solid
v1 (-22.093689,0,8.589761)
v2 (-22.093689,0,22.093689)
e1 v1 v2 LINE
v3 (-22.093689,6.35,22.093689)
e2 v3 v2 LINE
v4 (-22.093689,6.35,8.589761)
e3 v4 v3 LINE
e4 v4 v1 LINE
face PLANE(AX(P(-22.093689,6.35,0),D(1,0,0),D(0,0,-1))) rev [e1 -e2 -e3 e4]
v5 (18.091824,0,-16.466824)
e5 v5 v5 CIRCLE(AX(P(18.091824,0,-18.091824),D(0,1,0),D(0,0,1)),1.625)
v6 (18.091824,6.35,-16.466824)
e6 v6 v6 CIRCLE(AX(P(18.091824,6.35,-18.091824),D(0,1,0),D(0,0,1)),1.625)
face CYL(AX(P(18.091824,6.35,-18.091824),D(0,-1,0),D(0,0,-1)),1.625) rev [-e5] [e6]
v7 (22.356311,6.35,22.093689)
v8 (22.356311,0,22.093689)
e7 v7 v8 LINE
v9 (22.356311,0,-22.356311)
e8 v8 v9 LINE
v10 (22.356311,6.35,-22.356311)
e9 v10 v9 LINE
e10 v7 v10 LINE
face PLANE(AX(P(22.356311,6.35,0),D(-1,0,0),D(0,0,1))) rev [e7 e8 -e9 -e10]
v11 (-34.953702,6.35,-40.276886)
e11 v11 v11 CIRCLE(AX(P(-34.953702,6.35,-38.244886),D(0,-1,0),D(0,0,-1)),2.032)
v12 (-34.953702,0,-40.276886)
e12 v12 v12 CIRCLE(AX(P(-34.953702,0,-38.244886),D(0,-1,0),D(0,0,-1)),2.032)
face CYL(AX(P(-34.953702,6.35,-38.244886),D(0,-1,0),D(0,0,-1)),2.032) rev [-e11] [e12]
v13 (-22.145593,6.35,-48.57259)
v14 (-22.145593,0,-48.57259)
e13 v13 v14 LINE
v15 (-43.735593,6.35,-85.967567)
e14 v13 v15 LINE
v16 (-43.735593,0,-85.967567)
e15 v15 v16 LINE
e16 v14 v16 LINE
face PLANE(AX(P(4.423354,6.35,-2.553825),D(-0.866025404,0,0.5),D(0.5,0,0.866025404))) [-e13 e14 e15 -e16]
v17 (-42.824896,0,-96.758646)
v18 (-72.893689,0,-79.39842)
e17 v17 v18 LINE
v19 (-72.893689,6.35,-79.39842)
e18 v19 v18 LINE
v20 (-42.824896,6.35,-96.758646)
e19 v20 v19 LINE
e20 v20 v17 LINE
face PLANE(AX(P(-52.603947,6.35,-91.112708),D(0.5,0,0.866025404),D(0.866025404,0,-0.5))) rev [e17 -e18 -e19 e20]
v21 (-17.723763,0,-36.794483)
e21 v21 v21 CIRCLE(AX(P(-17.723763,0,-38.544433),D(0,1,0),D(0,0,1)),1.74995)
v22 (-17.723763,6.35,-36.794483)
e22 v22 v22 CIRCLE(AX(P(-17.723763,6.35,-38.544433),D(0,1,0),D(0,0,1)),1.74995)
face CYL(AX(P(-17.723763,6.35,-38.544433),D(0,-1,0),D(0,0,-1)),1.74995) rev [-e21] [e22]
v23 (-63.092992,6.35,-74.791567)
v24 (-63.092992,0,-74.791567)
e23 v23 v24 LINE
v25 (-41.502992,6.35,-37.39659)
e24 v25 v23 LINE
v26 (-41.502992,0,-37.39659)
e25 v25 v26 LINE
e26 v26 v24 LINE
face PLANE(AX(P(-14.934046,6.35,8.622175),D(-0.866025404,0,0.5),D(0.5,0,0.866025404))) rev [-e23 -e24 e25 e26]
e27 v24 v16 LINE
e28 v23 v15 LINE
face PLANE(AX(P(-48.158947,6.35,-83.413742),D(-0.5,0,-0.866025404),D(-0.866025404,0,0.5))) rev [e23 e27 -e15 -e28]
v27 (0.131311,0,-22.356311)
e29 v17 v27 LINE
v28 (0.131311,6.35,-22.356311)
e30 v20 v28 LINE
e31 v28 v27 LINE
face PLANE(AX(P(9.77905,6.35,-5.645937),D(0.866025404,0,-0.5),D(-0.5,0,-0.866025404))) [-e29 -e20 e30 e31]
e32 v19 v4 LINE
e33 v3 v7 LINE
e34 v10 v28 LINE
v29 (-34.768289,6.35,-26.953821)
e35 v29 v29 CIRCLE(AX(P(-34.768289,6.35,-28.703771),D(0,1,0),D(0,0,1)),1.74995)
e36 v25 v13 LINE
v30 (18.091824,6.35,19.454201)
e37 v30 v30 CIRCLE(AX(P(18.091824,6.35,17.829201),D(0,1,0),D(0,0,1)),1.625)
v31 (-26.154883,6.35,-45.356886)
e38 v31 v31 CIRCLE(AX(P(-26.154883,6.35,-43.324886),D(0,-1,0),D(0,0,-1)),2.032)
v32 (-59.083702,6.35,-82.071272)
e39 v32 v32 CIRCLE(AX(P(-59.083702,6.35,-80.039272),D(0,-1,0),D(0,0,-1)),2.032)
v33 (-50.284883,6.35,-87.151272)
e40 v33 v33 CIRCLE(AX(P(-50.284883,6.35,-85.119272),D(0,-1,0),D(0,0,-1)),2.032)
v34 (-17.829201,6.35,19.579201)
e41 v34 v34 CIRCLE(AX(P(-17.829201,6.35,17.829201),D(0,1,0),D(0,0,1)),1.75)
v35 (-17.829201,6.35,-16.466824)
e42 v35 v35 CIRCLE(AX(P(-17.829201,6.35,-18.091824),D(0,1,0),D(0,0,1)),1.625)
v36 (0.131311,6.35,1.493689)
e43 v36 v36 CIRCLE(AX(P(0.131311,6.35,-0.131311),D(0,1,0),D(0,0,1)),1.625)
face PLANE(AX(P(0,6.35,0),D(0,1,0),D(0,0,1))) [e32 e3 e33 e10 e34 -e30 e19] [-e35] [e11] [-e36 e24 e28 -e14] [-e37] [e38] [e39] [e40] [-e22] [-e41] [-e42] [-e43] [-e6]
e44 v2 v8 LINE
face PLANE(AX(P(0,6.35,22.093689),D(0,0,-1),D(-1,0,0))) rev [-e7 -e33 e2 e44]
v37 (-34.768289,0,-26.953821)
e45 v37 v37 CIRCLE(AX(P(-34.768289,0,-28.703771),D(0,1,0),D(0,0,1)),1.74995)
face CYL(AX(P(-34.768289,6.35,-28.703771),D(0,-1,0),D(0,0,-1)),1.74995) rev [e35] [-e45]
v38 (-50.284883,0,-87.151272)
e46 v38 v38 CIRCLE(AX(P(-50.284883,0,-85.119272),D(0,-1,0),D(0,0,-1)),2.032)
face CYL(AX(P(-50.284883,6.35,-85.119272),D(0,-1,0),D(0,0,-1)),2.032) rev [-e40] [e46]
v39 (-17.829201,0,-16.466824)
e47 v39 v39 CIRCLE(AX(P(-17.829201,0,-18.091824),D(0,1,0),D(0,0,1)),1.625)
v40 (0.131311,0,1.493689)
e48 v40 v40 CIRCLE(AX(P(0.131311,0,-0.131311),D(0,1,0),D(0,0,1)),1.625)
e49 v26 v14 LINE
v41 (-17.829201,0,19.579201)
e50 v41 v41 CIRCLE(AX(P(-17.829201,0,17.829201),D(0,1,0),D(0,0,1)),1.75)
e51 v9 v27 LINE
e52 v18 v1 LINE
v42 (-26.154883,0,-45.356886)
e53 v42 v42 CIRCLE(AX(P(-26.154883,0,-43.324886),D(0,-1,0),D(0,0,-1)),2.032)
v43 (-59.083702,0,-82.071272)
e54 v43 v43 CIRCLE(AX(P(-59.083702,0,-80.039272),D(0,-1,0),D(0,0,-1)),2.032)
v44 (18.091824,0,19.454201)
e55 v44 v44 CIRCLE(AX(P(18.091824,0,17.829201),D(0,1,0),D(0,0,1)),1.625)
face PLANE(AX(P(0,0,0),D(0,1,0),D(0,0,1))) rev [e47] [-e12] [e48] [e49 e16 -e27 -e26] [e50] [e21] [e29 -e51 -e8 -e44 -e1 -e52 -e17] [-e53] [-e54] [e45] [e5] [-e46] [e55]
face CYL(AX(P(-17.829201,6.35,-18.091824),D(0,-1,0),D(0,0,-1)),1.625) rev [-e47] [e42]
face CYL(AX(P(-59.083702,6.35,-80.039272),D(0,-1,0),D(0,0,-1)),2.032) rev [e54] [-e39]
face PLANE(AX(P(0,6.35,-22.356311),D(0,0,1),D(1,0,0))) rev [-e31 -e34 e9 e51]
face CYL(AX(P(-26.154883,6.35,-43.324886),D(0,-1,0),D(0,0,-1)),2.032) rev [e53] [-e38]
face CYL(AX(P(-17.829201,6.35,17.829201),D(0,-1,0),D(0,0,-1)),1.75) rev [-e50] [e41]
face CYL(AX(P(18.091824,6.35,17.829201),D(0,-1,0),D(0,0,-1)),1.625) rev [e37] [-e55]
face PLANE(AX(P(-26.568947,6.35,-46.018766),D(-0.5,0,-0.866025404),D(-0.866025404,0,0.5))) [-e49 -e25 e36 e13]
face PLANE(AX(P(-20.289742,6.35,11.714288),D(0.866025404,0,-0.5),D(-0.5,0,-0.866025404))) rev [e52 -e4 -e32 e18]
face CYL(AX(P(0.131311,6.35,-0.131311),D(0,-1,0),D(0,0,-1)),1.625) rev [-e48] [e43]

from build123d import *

# Parameters (mm, degrees)
SKETCH1_R           = 1.75
SKETCH1_R_2         = 1.625
SKETCH1_R_3         = 1.74995
BOSS_EXTRUDE1_DEPTH = 6.35
SKETCH2_R           = 1.74995
CUT_EXTRUDE1_DEPTH  = 122.309718695


with BuildPart() as part:
    # Sketch1 → Boss-Extrude1 (new body)
    with BuildSketch(Plane(origin=(0, 0, 0), x_dir=(1, 0, 0), z_dir=(0, 1, 0))):
        Polygon((22.35631132, -22.09368868), (22.35631132, 22.35631132), (0.13131132, 22.35631132), (-42.824896411, 96.75864561), (-72.89368868, 79.3984203), (-22.09368868, -8.589760725), (-22.09368868, -22.09368868), align=None)
        with Locations(Location((-17.829200922, -17.829200922, 0), (0, 0, 270))):
            Circle(SKETCH1_R, mode=Mode.SUBTRACT)
        with Locations(Location((0.13131132, 0.13131132, 0), (0, 0, 270))):
            Circle(SKETCH1_R_2, mode=Mode.SUBTRACT)
        with Locations(Location((18.091823562, 18.091823562, 0), (0, 0, 270))):
            Circle(SKETCH1_R_2, mode=Mode.SUBTRACT)
        with Locations(Location((18.091823562, -17.829200922, 0), (0, 0, 270))):
            Circle(SKETCH1_R_2, mode=Mode.SUBTRACT)
        with Locations(Location((-17.829200922, 18.091823562, 0), (0, 0, 270))):
            Circle(SKETCH1_R_2, mode=Mode.SUBTRACT)
        with Locations(Location((-17.723762663, 38.544433004, 0), (0, 0, 270))):
            Circle(SKETCH1_R_3, mode=Mode.SUBTRACT)
        with Locations(Location((-34.76828868, 28.70377132, 0), (0, 0, 270))):
            Circle(SKETCH1_R_3, mode=Mode.SUBTRACT)
    extrude(amount=BOSS_EXTRUDE1_DEPTH)

    # Sketch2 → Cut-Extrude1 (cut, through all)
    with BuildSketch(Plane.XZ):
        with BuildLine():
            ThreePointArc((-49.268883494, -83.359508021), (-50.810803794, -83.156510362), (-52.044647115, -84.103271641))
            Line((-52.044647115, -84.103271641), (-50.284883494, -85.119271641))
            Line((-50.284883494, -85.119271641), (-49.268883494, -83.359508021))
        make_face()
        with BuildLine():
            Line((-50.284883494, -85.119271641), (-52.044647115, -84.103271641))
            ThreePointArc((-52.044647115, -84.103271641), (-50.810803794, -87.08203292), (-48.252883494, -85.119271641))
            ThreePointArc((-48.252883494, -85.119271641), (-48.525119874, -84.103271641), (-49.268883494, -83.359508021))
            Line((-49.268883494, -83.359508021), (-50.284883494, -85.119271641))
        make_face()
        with BuildLine():
            Line((-57.323937976, -81.055271641), (-59.083701597, -80.039271641))
            Line((-59.083701597, -80.039271641), (-58.067701597, -78.279508021))
            ThreePointArc((-58.067701597, -78.279508021), (-61.046462876, -80.565191941), (-57.323937976, -81.055271641))
        make_face()
        with BuildLine():
            Line((-58.067701597, -78.279508021), (-59.083701597, -80.039271641))
            Line((-59.083701597, -80.039271641), (-57.323937976, -81.055271641))
            ThreePointArc((-57.323937976, -81.055271641), (-57.120940318, -80.565191941), (-57.051701597, -80.039271641))
            ThreePointArc((-57.051701597, -80.039271641), (-57.323937976, -79.023271641), (-58.067701597, -78.279508021))
        make_face()
        with BuildLine():
            ThreePointArc((-27.914647115, -42.308885654), (-28.117644773, -43.850805954), (-27.170883494, -45.084649275))
            Line((-27.170883494, -45.084649275), (-26.154883494, -43.324885654))
            Line((-26.154883494, -43.324885654), (-27.914647115, -42.308885654))
        make_face()
        with BuildLine():
            Line((-26.154883494, -43.324885654), (-27.170883494, -45.084649275))
            ThreePointArc((-27.170883494, -45.084649275), (-25.138883494, -45.084649275), (-24.122883494, -43.324885654))
            ThreePointArc((-24.122883494, -43.324885654), (-25.628963195, -41.362124375), (-27.914647115, -42.308885654))
            Line((-27.914647115, -42.308885654), (-26.154883494, -43.324885654))
        make_face()
        with BuildLine():
            ThreePointArc((-32.921701597, -38.244885654), (-35.969701597, -36.485122034), (-35.969701597, -40.004649275))
            Line((-35.969701597, -40.004649275), (-34.953701597, -38.244885654))
            Line((-34.953701597, -38.244885654), (-33.193937976, -39.260885654))
            ThreePointArc((-33.193937976, -39.260885654), (-32.990940318, -38.770805954), (-32.921701597, -38.244885654))
        make_face()
        with BuildLine():
            Line((-34.953701597, -38.244885654), (-35.969701597, -40.004649275))
            ThreePointArc((-35.969701597, -40.004649275), (-34.427781297, -40.207646933), (-33.193937976, -39.260885654))
            Line((-33.193937976, -39.260885654), (-34.953701597, -38.244885654))
        make_face()
        with Locations(Location((-17.723762663, -38.544433004, 0), (0, 0, 90))):
            Circle(SKETCH2_R)
        Polygon((-22.145592633, -48.57259018), (-43.735592633, -85.967567115), (-63.092992458, -74.791567115), (-41.502992458, -37.39659018), align=None)
    extrude(amount=-CUT_EXTRUDE1_DEPTH, mode=Mode.SUBTRACT)


solid = part.part
